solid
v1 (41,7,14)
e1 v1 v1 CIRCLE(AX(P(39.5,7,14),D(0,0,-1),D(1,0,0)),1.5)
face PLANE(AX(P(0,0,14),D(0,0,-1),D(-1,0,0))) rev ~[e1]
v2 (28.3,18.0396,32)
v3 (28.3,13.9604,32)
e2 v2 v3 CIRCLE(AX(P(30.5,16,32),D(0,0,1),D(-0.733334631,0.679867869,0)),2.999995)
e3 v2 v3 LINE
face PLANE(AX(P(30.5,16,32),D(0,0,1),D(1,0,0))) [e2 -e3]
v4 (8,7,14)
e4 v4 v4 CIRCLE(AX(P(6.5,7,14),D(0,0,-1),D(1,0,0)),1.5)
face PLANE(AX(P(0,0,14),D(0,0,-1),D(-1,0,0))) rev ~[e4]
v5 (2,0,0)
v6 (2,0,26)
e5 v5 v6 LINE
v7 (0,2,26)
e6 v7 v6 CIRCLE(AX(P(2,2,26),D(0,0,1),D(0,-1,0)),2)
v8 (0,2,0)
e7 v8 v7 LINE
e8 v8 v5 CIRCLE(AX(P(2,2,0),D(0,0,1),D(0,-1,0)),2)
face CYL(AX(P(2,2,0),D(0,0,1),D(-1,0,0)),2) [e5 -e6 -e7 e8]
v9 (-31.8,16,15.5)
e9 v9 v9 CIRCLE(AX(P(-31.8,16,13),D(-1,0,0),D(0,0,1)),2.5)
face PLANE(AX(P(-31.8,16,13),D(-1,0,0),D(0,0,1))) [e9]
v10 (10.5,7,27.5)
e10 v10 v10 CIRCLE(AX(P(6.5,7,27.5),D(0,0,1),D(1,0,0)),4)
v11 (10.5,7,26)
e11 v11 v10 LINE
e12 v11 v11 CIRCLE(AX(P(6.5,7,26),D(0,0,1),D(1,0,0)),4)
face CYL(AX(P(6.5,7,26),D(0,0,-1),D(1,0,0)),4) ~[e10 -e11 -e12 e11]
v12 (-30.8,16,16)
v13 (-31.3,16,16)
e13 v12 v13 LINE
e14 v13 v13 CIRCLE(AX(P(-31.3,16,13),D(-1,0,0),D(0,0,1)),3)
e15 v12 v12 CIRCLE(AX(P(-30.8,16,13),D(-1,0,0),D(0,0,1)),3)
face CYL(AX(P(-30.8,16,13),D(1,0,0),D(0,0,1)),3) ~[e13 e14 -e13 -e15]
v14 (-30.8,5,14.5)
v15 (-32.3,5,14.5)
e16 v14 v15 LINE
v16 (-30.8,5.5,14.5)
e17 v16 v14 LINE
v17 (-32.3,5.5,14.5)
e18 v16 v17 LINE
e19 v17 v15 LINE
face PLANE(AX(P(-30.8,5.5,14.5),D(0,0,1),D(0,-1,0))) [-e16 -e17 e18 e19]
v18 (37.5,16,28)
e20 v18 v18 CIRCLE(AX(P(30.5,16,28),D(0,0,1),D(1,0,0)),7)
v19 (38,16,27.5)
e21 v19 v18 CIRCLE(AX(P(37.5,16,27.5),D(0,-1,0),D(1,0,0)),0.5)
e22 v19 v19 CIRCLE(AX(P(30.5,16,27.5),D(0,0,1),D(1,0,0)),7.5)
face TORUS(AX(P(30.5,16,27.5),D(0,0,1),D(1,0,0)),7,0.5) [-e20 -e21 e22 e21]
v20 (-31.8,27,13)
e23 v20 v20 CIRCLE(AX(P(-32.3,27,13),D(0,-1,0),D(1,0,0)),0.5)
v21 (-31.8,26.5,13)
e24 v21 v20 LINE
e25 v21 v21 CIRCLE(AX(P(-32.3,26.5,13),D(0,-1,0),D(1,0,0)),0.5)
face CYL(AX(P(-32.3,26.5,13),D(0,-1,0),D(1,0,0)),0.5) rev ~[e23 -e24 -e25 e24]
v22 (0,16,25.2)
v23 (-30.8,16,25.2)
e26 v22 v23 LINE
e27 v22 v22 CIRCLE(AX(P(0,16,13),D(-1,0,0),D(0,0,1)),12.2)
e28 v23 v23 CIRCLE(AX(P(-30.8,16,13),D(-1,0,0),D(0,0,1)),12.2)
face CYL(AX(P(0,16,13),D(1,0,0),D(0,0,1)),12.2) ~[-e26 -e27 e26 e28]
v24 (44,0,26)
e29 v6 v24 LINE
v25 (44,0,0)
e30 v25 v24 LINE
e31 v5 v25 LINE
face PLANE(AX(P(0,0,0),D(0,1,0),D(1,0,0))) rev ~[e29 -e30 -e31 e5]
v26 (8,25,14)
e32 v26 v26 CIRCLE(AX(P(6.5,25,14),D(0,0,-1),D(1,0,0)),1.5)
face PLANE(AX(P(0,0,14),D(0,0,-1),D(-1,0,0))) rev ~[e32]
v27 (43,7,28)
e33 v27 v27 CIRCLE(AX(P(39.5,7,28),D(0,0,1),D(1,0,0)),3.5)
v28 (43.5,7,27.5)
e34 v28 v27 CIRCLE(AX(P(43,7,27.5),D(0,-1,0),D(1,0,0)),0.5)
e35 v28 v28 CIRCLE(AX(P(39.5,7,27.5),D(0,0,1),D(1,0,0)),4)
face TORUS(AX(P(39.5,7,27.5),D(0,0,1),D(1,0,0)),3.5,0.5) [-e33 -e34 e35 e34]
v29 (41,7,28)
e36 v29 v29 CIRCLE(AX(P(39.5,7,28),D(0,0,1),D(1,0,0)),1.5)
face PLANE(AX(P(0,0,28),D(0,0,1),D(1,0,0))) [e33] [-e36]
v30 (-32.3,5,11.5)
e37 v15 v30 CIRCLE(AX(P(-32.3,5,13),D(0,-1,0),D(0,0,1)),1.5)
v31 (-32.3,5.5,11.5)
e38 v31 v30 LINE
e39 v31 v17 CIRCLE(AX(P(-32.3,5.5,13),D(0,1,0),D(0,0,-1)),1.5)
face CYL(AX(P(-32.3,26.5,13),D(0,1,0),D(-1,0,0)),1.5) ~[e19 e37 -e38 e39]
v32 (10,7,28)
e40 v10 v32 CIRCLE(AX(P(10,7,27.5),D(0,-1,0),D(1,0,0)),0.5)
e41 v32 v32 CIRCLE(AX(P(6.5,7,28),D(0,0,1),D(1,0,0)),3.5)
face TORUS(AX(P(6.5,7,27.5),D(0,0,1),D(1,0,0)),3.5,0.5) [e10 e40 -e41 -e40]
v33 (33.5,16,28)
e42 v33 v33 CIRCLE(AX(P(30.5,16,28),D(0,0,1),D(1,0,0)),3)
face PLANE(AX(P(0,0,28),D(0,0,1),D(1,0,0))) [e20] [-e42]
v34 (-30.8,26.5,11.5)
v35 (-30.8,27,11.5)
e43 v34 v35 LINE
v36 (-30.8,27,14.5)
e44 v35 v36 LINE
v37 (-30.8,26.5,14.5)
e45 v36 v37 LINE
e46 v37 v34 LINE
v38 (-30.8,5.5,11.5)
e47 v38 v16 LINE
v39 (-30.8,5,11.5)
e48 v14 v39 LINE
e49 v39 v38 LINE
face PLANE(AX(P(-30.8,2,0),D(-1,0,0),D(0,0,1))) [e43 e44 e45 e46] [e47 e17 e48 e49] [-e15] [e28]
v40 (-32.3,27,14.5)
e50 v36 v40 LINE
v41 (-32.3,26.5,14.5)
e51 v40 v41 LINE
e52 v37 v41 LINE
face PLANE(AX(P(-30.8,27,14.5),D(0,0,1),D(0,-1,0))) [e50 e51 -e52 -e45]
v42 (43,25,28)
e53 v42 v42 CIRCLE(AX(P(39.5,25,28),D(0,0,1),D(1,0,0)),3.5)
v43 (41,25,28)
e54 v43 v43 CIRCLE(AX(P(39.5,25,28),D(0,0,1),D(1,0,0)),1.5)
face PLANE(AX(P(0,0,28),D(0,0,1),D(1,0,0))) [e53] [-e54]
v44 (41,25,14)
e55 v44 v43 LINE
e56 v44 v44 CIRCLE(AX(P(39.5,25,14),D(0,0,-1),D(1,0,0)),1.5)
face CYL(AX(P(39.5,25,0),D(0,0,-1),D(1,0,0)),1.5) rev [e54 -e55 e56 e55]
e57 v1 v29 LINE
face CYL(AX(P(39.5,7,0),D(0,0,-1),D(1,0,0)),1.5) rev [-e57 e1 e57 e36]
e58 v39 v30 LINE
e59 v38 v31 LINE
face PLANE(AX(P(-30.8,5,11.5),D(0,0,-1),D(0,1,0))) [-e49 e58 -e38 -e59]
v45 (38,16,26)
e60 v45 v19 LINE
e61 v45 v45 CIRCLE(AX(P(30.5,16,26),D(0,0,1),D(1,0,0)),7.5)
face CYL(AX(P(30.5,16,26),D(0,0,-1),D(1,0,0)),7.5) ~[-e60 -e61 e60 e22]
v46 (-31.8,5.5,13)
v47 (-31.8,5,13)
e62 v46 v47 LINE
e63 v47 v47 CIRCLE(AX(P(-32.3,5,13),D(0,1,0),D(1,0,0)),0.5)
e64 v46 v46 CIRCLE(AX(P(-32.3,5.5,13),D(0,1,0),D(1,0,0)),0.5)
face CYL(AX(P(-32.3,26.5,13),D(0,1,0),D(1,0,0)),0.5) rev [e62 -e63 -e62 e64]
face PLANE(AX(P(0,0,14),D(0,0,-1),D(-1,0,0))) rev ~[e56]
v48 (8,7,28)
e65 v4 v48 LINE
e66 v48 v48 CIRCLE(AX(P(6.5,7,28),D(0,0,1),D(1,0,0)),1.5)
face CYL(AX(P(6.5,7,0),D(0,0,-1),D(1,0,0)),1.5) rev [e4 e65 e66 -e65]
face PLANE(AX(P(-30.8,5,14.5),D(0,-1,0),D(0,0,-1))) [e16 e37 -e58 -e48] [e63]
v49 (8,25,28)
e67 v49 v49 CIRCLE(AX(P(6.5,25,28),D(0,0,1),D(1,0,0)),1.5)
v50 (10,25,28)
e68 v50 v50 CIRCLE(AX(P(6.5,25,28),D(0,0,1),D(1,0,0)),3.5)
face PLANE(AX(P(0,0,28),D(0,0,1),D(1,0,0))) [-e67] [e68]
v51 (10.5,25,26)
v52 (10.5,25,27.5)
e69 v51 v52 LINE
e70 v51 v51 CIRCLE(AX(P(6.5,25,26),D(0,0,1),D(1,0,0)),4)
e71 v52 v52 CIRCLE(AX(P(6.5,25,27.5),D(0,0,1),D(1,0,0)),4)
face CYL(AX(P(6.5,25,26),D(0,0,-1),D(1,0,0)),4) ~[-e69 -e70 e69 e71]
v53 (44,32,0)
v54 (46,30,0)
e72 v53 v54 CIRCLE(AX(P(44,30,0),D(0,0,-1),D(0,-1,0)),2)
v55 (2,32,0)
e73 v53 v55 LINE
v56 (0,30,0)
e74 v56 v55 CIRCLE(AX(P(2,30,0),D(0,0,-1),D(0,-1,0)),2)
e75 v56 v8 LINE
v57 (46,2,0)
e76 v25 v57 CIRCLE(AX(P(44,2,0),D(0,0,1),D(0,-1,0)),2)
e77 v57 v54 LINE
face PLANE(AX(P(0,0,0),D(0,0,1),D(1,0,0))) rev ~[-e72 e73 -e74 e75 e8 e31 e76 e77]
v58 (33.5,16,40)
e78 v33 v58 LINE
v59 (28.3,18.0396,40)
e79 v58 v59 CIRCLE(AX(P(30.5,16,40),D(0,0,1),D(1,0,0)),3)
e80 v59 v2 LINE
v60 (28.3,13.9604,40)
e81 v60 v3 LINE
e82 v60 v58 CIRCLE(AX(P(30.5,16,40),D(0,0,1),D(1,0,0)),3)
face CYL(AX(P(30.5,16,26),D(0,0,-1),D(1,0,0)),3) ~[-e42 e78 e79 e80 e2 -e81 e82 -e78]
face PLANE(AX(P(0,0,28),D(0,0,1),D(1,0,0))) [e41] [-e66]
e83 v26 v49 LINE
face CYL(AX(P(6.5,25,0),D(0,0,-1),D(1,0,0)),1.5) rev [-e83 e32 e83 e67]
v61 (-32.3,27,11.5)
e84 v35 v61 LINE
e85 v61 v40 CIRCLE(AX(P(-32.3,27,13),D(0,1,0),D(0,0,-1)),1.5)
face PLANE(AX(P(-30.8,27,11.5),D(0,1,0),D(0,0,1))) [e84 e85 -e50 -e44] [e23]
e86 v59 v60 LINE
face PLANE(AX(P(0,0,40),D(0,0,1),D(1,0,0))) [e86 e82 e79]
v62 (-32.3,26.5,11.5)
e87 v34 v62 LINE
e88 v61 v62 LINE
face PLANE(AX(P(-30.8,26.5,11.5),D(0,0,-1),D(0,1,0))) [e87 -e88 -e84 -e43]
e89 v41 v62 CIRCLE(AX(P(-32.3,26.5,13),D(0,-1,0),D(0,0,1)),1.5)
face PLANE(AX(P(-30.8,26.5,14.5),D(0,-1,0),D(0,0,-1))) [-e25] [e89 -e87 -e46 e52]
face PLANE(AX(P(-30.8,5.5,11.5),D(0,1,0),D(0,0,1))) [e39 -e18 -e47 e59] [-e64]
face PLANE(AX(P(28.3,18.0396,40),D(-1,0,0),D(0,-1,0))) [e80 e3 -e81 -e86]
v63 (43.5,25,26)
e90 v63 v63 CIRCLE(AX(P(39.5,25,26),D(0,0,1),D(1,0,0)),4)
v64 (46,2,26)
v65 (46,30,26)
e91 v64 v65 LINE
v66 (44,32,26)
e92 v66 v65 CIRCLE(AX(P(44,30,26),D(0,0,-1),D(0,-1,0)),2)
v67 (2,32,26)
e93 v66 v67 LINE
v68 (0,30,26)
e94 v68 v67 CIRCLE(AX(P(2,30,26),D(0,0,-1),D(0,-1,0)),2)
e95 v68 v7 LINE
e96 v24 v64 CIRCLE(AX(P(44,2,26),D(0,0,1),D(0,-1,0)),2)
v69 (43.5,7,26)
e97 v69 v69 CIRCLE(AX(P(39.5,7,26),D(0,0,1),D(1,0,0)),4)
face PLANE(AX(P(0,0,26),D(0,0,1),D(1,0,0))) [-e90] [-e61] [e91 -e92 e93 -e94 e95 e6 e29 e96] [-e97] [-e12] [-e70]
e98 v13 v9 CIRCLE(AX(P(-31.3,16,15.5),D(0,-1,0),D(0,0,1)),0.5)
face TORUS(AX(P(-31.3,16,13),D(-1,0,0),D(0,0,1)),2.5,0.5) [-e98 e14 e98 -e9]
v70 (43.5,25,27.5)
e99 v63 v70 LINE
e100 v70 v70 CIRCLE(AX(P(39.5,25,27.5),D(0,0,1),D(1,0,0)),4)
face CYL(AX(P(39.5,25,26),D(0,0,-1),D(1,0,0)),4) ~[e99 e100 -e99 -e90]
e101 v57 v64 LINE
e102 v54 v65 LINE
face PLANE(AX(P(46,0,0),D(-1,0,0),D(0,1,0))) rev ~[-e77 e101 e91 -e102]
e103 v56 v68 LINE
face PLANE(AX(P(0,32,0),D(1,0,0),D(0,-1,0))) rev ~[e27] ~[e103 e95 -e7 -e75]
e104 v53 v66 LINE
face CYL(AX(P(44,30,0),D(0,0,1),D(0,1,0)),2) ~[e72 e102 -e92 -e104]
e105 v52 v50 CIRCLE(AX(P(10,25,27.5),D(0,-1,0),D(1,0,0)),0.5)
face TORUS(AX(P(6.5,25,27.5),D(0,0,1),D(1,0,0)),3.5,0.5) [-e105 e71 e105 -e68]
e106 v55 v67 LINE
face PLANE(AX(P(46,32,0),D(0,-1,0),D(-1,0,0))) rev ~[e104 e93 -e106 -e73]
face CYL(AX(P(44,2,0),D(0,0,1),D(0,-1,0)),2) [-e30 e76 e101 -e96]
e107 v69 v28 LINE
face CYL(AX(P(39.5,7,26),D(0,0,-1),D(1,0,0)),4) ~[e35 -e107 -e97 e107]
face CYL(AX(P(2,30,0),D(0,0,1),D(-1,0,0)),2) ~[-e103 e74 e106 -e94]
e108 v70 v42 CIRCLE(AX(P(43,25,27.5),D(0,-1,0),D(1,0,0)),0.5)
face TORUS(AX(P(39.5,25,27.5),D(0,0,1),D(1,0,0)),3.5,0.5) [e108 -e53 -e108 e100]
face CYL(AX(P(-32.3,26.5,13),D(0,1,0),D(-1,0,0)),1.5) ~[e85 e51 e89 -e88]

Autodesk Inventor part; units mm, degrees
ref_plane "YZ Plane" through (0, 0, 0) normal (1, 0, 0) x (0, 1, 0)
ref_plane "XZ Plane" through (0, 0, 0) normal (0, 1, 0) x (-1, 0, 0)
ref_plane "XY Plane" through (0, 0, 0) normal (0, 0, 1) x (1, 0, 0)
sketch "Sketch1" plane through (0, 0, 0) normal (0, 0, 1) x (1, 0, 0)
  line L0 (0, 0) -> (46, 0)
  line L1 (46, 0) -> (46, 32)
  line L2 (46, 32) -> (0, 32)
  line L3 (0, 32) -> (0, 0)
  line L4 (6.5, 25) -> (39.5, 25) construction
  line L5 (39.5, 25) -> (39.5, 7) construction
  line L6 (39.5, 7) -> (6.5, 7) construction
  line L7 (6.5, 7) -> (6.5, 25) construction
  circle A0 centre (39.5, 25) radius 1.5
  circle A1 centre (39.5, 7) radius 1.5
  circle A2 centre (6.5, 25) radius 1.5
  circle A3 centre (6.5, 7) radius 1.5
  point P0 (39.5, 16)
  point P1 (0, 16)
  point P2 (23, 25)
  point P3 (23, 32)
  dimension "d0" = 46
  dimension "d1" = 32
  dimension "d2" = 33
  dimension "d3" = 18
  dimension "d4" = 3
  dimension "d5" = 3
  dimension "d6" = 3
  dimension "d7" = 3
extrude "Extrusion1" add sketch "Sketch1" along normal blind 26
sketch "Sketch2" plane through (0, 0, 26) normal (0, 0, 1) x (1, 0, 0)
  circle A0 centre (30.5, 16) radius 3
  line L0 (46, 0) -> (46, 32) projected
  circle A1 centre (39.5, 25) radius 1.5 projected
  point P0 (0, 0)
  point P1 (46, 16)
  dimension "d10" = 6
  dimension "d12" = 9
extrude "Extrusion2" add sketch "Sketch2" along normal blind 14 contours A0
sketch "Sketch3" plane through (0, 0, 26) normal (0, 0, 1) x (1, 0, 0)
  circle A0 centre (30.5, 16) radius 3 projected
  circle A1 centre (30.5, 16) radius 7.5
  point P0 (0, 0)
  dimension "d15" = 15
extrude "Extrusion3" add sketch "Sketch3" along normal blind 2
fillet "Fillet1" radius 2 4 edges at (46, 32, 13) (46, 0, 13) (0, 32, 13) (0, 0, 13)
sketch "Sketch4" plane through (0, 2, 0) normal (-1, 0, 0) x (0, 0, 1)
  circle A0 centre (13, 14) radius 12.2
  line L0 (0, 28) -> (0, 0) projected
  line L1 (26, 30) -> (0, 30) projected
  point P0 (0, -2)
  point P1 (0, 14)
  point P2 (13, 30)
  dimension "d19" = 24.4
extrude "Extrusion4" add sketch "Sketch4" along normal blind 30.8
sketch "Sketch5" plane through (30.5, 16, 40) normal (0, 0, 1) x (1, 0, 0)
  circle A0 centre (0, 0) radius 3 construction
  line L0 (-2.2, 2.0396) -> (-2.2, -2.0396)
  arc A1 (-2.2, 2.0396) -> (-2.2, -2.0396) centre (0, 0) ccw
  point P0 (-30.5, -16)
  dimension "d22" = 2.2
extrude "Extrusion5" cut sketch "Sketch5" against normal blind 8
sketch "Sketch6" plane through (0, 0, 26) normal (0, 0, 1) x (1, 0, 0)
  circle A0 centre (39.5, 25) radius 1.5 projected
  circle A1 centre (39.5, 7) radius 1.5 projected
  circle A2 centre (6.5, 7) radius 1.5 projected
  circle A3 centre (6.5, 25) radius 1.5 projected
  circle A4 centre (6.5, 25) radius 4
  circle A5 centre (6.5, 7) radius 4
  circle A6 centre (39.5, 7) radius 4
  circle A7 centre (39.5, 25) radius 4
  point P0 (0, 0)
  dimension "d25" = 8
  dimension "d26" = 8
  dimension "d27" = 8
  dimension "d28" = 8
extrude "Extrusion6" add sketch "Sketch6" along normal blind 2
sketch "Sketch8" plane through (0, 0, 0) normal (0, 0, -1) x (-1, 0, 0)
  circle A0 centre (-6.5, 7) radius 1.5 projected
  circle A1 centre (-6.5, 25) radius 1.5 projected
  circle A2 centre (-39.5, 7) radius 1.5 projected
  circle A3 centre (-39.5, 25) radius 1.5 projected
  arc A4 (-2, 0) -> (0, 2) centre (-2, 2) ccw construction
  line L0 (0, 30) -> (0, 2) construction
  arc A5 (0, 30) -> (-2, 32) centre (-2, 30) ccw construction
  line L1 (-44, 32) -> (-2, 32) construction
  arc A6 (-44, 32) -> (-46, 30) centre (-44, 30) ccw construction
  line L2 (-46, 2) -> (-46, 30) construction
  arc A7 (-46, 2) -> (-44, 0) centre (-44, 2) ccw construction
  line L3 (-2, 0) -> (-44, 0) construction
  point P0 (0, 0)
extrude "Extrusion7" add sketch "Sketch8" against normal blind 14
fillet "Fillet2" radius 0.5 5 edges at (35.5, 25, 28) (35.5, 7, 28) (2.5, 7, 28) (2.5, 25, 28) (23, 16, 28)
sketch "Sketch9" plane through (-30.8, 16, 13) normal (-1, 0, 0) x (0, 0, 1)
  line L0 (-1.5, 11) -> (1.5, 11)
  line L1 (1.5, 11) -> (1.5, 10.5)
  line L2 (1.5, 10.5) -> (-1.5, 10.5)
  line L3 (-1.5, 10.5) -> (-1.5, 11)
  line L4 (-1.5, -10.5) -> (1.5, -10.5)
  line L5 (1.5, -10.5) -> (1.5, -11)
  line L6 (1.5, -11) -> (-1.5, -11)
  line L7 (-1.5, -11) -> (-1.5, -10.5)
  circle A0 centre (0, 0) radius 12.2 construction
  point P0 (-13, -16)
  point P1 (0, 10.5)
  dimension "d34" = 3
  dimension "d35" = 0.5
  dimension "d36" = 3
  dimension "d37" = 0.5
  dimension "d38" = 10.5
  dimension "d39" = 10.5
extrude "Extrusion8" add sketch "Sketch9" along normal blind 3
sketch "Sketch10" plane through (-30.8, 26.5, 11.5) normal (0, -1, 0) x (1, 0, 0)
  circle A0 centre (-1.5, 1.5) radius 1.5 construction
  line L0 (0, 3) -> (-3, 3) construction
  line L1 (0, 0) -> (-3, 0) construction
  line L2 (-3, 3) -> (-3, 0) construction
  circle A1 centre (-1.5, 1.5) radius 0.5
  line L3 (-1.5, 0) -> (-3, 0)
  line L4 (-3, 0) -> (-3, 1.5)
  line L5 (-3, 1.5) -> (-3, 3)
  line L6 (-1.5, 3) -> (-3, 3)
  arc A2 (-1.5, 3) -> (-3, 1.5) centre (-1.5, 1.5) ccw
  arc A3 (-3, 1.5) -> (-1.5, 0) centre (-1.5, 1.5) ccw
  point P0 (30.8, -11.5)
  dimension "d43" = 1
extrude "Extrusion9" cut sketch "Sketch10" along normal through all both and the other way through all
sketch "Sketch11" plane through (-30.8, 16, 13) normal (-1, 0, 0) x (0, 0, 1)
  circle A0 centre (0, 0) radius 3
  circle A1 centre (0, 0) radius 12.2 construction
  point P0 (-13, -16)
  dimension "d46" = 6
extrude "Extrusion10" add sketch "Sketch11" along normal blind 1
fillet "Fillet4" radius 0.5 1 edges at (-31.8, 16, 10)
properties part number "uxcell 12V 6RPM 6mm Worm Gear Motor" material "Stainless Steel"
